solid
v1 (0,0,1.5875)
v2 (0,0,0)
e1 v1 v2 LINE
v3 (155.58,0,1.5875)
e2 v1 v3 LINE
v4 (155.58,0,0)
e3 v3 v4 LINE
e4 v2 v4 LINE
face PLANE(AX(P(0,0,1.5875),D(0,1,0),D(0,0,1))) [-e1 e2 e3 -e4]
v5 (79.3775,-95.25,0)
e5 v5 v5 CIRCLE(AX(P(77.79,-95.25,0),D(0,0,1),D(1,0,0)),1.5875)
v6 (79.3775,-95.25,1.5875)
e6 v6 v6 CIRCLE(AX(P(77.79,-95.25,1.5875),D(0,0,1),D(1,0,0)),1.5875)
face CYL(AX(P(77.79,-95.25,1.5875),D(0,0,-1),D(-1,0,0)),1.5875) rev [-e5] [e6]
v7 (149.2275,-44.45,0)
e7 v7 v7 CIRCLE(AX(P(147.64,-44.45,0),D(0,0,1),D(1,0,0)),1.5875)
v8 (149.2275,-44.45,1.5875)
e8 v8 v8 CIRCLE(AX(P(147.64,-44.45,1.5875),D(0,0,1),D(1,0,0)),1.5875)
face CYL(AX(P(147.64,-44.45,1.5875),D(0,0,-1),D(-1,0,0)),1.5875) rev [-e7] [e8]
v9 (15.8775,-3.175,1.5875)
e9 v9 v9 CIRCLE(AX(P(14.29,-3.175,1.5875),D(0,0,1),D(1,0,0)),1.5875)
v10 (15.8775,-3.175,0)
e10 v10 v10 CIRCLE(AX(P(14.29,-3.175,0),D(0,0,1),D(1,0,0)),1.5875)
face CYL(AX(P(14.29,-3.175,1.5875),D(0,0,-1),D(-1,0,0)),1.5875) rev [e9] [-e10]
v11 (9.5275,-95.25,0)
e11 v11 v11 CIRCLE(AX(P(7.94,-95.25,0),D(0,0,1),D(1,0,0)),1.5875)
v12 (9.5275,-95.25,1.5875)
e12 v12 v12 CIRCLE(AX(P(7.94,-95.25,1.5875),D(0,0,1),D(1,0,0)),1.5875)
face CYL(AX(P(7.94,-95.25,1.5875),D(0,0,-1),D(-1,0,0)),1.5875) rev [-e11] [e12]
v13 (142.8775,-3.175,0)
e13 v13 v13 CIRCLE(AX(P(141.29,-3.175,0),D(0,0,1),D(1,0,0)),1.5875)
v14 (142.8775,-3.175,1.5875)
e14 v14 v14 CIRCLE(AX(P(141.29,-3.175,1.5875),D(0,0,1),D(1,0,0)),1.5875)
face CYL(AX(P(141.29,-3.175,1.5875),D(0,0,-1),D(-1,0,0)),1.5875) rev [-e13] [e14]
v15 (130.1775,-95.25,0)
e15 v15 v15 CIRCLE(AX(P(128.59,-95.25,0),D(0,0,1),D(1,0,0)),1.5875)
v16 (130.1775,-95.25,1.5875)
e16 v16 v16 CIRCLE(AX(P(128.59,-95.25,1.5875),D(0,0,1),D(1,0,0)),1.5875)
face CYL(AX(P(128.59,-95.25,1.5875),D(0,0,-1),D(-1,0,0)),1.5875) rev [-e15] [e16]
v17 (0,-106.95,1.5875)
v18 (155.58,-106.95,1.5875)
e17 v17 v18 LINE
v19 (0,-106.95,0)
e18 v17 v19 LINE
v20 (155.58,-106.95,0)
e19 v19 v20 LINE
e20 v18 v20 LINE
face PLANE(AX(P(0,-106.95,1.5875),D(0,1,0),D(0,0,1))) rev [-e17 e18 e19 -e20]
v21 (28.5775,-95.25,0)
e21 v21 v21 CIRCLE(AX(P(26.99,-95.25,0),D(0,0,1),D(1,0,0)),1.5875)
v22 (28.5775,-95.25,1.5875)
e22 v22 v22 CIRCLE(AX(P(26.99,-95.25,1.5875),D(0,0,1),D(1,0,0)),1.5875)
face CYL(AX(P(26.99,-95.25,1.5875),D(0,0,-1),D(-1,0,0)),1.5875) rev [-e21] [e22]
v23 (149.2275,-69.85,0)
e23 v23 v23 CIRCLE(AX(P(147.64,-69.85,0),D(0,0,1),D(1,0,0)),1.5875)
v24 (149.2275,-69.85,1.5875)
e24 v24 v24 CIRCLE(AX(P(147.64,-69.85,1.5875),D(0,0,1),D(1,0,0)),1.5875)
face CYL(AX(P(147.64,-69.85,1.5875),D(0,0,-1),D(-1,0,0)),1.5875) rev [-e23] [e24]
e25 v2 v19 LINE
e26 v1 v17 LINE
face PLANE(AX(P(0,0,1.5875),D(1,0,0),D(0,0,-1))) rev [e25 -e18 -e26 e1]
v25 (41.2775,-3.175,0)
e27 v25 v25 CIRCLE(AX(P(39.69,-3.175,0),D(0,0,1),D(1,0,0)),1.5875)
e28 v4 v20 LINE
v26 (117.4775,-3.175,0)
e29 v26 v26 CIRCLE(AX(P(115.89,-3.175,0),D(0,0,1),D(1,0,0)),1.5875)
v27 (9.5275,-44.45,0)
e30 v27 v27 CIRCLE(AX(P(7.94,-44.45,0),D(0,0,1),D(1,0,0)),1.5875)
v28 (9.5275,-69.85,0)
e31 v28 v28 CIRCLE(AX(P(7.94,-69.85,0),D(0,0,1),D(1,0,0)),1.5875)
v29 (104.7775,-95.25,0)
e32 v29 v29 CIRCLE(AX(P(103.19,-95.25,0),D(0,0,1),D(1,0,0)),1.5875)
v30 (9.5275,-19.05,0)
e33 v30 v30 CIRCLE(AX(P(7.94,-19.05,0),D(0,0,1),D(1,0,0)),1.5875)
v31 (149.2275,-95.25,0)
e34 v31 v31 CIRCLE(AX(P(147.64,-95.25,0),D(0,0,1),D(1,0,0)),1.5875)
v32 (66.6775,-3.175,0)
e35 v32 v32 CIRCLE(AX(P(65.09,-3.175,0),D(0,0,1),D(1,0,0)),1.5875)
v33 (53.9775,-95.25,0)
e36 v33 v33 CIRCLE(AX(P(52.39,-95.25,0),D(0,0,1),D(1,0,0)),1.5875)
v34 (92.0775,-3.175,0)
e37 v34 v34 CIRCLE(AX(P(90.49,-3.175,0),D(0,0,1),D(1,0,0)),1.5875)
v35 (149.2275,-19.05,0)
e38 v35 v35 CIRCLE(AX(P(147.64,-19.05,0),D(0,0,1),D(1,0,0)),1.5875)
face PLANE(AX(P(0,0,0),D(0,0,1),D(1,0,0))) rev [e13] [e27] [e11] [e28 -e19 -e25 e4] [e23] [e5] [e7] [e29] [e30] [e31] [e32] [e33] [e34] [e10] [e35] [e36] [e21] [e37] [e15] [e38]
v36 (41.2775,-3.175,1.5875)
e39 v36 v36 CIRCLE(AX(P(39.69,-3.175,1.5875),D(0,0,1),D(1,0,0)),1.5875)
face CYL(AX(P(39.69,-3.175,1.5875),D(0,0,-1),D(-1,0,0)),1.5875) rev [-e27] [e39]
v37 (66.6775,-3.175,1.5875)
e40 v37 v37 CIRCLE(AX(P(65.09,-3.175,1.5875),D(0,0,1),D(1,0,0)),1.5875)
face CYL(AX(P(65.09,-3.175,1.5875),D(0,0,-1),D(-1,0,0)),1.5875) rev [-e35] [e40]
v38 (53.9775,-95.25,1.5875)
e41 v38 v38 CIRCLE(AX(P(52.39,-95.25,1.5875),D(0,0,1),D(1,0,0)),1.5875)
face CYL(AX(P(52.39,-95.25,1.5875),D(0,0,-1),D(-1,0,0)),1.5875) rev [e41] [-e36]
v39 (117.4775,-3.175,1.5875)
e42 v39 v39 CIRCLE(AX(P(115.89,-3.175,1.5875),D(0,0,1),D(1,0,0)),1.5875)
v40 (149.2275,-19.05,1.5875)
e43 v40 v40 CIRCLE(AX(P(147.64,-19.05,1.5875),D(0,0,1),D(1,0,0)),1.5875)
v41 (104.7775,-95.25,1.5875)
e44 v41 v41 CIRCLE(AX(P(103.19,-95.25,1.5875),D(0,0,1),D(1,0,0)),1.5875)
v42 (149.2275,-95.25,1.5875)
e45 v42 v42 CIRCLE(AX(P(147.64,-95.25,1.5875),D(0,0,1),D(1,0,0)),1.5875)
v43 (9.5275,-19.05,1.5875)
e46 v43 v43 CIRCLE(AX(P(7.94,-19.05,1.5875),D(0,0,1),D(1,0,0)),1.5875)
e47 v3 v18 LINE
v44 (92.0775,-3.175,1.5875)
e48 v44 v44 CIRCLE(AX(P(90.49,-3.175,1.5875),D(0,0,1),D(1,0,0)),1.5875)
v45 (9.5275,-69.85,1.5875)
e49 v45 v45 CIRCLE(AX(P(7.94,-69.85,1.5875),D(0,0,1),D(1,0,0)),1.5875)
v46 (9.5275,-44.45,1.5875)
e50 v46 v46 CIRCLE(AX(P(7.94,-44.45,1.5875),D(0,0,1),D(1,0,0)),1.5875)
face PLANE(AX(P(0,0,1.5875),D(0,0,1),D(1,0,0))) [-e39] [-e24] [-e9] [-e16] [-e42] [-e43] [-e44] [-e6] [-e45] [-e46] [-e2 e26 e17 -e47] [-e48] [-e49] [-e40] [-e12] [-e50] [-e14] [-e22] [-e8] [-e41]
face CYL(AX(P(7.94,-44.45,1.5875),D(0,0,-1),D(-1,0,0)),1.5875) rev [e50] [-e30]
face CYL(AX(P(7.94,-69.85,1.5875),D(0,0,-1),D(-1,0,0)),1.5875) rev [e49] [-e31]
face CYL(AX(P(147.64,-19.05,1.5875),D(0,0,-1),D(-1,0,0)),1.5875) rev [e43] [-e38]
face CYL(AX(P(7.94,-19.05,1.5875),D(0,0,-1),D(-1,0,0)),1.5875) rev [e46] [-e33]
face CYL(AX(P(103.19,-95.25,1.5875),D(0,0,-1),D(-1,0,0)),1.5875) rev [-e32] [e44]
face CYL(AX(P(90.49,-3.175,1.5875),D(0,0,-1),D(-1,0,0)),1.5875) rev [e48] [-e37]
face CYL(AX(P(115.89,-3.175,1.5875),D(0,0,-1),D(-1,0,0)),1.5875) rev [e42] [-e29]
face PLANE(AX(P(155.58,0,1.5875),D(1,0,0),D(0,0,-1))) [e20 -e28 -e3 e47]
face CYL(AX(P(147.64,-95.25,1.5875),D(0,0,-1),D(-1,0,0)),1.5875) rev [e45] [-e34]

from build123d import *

# Parameters (mm, degrees)
SKETCH2_W           = 155.58
SKETCH2_H           = 106.95
SKETCH2_R           = 1.5875
BOSS_EXTRUDE2_DEPTH = 1.5875


with BuildPart() as part:
    # Sketch2 → Boss-Extrude2 (new body)
    with BuildSketch(Plane.XY):
        with Locations((77.79, -53.475)):
            Rectangle(SKETCH2_W, SKETCH2_H)
        with Locations((7.94, -95.25)):
            Circle(SKETCH2_R, mode=Mode.SUBTRACT)
        with Locations((7.94, -69.85)):
            Circle(SKETCH2_R, mode=Mode.SUBTRACT)
        with Locations((26.99, -95.25)):
            Circle(SKETCH2_R, mode=Mode.SUBTRACT)
        with Locations((52.39, -95.25)):
            Circle(SKETCH2_R, mode=Mode.SUBTRACT)
        with Locations((77.79, -95.25)):
            Circle(SKETCH2_R, mode=Mode.SUBTRACT)
        with Locations((7.94, -44.45)):
            Circle(SKETCH2_R, mode=Mode.SUBTRACT)
        with Locations((7.94, -19.05)):
            Circle(SKETCH2_R, mode=Mode.SUBTRACT)
        with Locations((14.29, -3.175)):
            Circle(SKETCH2_R, mode=Mode.SUBTRACT)
        with Locations((39.69, -3.175)):
            Circle(SKETCH2_R, mode=Mode.SUBTRACT)
        with Locations((65.09, -3.175)):
            Circle(SKETCH2_R, mode=Mode.SUBTRACT)
        with Locations((103.19, -95.25)):
            Circle(SKETCH2_R, mode=Mode.SUBTRACT)
        with Locations((128.59, -95.25)):
            Circle(SKETCH2_R, mode=Mode.SUBTRACT)
        with Locations((147.64, -95.25)):
            Circle(SKETCH2_R, mode=Mode.SUBTRACT)
        with Locations((147.64, -69.85)):
            Circle(SKETCH2_R, mode=Mode.SUBTRACT)
        with Locations((90.49, -3.175)):
            Circle(SKETCH2_R, mode=Mode.SUBTRACT)
        with Locations((115.89, -3.175)):
            Circle(SKETCH2_R, mode=Mode.SUBTRACT)
        with Locations((147.64, -44.45)):
            Circle(SKETCH2_R, mode=Mode.SUBTRACT)
        with Locations((147.64, -19.05)):
            Circle(SKETCH2_R, mode=Mode.SUBTRACT)
        with Locations((141.29, -3.175)):
            Circle(SKETCH2_R, mode=Mode.SUBTRACT)
    extrude(amount=BOSS_EXTRUDE2_DEPTH)


solid = part.part
